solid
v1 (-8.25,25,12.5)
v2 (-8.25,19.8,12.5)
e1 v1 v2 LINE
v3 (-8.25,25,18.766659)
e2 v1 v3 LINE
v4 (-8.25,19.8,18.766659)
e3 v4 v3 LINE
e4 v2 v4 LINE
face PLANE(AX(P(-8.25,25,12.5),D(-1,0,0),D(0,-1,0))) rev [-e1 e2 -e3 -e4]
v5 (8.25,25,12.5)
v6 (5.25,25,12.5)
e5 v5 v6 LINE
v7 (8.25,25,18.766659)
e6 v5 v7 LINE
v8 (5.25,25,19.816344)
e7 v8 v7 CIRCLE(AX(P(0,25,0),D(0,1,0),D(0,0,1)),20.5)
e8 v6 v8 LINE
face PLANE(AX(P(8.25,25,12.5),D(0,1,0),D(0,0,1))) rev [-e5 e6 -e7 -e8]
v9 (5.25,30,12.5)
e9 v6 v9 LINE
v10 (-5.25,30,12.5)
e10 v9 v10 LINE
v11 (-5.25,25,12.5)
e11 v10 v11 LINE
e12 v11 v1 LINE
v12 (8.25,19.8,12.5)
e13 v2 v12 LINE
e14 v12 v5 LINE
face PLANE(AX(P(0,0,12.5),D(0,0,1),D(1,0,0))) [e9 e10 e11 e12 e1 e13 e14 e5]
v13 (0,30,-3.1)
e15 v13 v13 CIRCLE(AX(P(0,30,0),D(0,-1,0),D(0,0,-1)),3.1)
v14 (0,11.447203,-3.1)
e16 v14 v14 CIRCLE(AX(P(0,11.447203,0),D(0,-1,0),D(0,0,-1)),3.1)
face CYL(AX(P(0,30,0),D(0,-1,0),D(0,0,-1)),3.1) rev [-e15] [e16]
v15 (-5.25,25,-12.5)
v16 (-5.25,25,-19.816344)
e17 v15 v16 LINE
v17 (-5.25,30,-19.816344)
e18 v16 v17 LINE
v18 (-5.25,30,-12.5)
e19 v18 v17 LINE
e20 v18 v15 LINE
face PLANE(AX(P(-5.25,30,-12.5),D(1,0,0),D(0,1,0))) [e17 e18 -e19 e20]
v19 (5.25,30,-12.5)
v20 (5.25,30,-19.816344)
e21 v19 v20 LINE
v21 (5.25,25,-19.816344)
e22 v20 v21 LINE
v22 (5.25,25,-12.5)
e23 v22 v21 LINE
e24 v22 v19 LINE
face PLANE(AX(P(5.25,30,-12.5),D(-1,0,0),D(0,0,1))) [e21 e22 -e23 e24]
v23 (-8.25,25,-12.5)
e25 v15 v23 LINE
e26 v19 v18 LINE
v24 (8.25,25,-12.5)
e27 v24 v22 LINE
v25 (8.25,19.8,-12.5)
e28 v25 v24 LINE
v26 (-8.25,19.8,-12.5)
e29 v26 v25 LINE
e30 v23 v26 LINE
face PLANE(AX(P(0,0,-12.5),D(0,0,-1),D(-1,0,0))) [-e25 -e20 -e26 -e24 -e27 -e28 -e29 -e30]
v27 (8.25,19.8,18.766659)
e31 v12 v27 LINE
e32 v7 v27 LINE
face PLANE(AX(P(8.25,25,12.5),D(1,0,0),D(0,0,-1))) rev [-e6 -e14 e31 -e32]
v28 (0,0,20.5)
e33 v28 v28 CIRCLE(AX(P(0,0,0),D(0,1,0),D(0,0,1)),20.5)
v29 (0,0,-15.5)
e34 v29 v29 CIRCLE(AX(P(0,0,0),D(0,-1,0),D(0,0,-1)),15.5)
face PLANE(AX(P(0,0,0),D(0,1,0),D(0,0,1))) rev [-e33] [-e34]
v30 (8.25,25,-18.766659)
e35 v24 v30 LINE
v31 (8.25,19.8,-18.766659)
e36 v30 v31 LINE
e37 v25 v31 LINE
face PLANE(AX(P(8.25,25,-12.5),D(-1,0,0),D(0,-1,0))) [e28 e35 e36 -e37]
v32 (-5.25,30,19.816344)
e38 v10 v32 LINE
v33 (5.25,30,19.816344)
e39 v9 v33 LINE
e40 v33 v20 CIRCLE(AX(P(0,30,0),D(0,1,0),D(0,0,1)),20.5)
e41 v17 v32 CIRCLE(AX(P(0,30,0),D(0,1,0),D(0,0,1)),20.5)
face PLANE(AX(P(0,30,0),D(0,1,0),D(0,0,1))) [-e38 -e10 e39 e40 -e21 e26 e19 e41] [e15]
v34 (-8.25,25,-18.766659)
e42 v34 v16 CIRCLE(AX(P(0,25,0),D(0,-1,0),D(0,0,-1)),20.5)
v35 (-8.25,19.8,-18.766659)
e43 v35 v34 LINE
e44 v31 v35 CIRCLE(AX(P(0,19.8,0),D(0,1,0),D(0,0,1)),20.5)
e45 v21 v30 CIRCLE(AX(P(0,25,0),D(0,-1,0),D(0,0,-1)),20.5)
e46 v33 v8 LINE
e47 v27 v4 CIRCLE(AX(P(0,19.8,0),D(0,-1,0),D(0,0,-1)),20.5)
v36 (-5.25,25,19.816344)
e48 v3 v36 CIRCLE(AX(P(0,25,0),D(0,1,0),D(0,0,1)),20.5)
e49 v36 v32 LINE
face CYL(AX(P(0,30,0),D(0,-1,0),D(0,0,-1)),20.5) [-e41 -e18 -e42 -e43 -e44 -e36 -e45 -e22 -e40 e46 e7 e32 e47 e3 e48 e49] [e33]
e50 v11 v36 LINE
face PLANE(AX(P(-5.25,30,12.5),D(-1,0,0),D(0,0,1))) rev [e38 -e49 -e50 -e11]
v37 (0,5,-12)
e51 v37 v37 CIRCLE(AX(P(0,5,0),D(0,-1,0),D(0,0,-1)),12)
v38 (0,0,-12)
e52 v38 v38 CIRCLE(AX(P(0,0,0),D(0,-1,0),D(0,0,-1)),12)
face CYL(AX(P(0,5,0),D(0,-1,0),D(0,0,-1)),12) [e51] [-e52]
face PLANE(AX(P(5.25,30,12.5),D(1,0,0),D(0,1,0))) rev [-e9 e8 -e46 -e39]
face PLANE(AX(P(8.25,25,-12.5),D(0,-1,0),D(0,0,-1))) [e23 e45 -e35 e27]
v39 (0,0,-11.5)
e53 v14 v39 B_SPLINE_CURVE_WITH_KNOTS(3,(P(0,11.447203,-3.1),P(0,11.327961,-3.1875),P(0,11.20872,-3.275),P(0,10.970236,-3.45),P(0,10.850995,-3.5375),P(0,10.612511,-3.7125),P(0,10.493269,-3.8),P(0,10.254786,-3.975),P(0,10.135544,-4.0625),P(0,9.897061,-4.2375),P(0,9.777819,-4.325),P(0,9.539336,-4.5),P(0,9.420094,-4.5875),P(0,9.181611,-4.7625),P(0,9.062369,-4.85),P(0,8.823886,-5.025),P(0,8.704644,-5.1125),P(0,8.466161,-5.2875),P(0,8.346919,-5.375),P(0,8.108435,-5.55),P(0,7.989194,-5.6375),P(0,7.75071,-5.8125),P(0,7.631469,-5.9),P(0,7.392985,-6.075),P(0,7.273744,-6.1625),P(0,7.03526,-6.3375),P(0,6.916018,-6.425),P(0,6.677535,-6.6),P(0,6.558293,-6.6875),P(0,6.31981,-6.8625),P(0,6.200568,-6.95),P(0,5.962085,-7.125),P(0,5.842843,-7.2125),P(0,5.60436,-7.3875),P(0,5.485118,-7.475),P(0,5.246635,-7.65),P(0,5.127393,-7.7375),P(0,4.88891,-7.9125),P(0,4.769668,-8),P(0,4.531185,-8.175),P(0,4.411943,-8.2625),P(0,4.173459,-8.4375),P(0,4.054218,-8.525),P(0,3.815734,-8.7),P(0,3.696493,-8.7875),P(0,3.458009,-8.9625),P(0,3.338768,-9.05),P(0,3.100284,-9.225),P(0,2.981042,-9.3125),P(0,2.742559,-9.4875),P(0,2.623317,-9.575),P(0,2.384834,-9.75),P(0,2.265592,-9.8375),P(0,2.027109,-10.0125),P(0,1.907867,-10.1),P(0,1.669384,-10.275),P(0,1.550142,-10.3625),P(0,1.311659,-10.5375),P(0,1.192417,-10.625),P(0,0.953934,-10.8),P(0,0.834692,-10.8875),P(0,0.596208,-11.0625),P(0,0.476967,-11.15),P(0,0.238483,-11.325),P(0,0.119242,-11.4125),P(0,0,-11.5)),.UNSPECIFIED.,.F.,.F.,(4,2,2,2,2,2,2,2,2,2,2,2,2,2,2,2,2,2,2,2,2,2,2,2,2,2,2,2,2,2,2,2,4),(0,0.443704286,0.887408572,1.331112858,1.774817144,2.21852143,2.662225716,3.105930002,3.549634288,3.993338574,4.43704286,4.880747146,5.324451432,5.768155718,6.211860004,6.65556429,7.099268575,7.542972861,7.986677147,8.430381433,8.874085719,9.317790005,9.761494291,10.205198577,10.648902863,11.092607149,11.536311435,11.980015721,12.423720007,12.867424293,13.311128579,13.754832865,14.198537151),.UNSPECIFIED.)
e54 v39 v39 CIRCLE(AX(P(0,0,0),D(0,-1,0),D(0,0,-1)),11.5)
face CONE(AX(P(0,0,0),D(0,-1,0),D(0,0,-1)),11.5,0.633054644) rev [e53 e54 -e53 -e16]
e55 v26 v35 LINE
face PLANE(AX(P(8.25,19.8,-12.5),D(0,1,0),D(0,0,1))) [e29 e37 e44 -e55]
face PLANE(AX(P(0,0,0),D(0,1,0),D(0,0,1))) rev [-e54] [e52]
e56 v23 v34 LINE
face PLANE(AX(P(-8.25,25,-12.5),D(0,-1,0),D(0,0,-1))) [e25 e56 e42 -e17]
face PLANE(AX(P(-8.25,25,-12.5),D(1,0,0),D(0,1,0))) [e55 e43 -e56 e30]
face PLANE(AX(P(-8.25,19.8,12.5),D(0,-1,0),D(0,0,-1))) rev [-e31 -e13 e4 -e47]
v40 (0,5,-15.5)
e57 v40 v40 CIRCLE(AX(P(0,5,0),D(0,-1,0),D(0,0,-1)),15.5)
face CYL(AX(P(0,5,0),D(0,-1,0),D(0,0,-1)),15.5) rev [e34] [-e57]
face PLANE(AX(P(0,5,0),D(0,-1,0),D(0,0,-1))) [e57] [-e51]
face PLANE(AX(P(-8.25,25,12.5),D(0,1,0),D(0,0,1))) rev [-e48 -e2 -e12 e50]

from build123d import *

# Parameters (mm, degrees)
SKETCH2_R           = 20.5
BOSS_EXTRUDE2_DEPTH = 30
SKETCH4_R           = 15.5
SKETCH4_R_2         = 12
CUT_EXTRUDE2_DEPTH  = 5
SKETCH6_R           = 3.1
CUT_EXTRUDE3_DEPTH  = 35.419562394
CUT_EXTRUDE4_DEPTH  = 8
CUT_EXTRUDE6_DEPTH  = 8


with BuildPart() as part:
    # Sketch2 → Boss-Extrude2 (new body)
    with BuildSketch(Plane(origin=(0, 0, 0), x_dir=(1, 0, 0), z_dir=(0, 1, 0))):
        with Locations(Location((0, 0, 0), (0, 0, 270))):
            Circle(SKETCH2_R)
    extrude(amount=BOSS_EXTRUDE2_DEPTH)

    # Sketch4 → Cut-Extrude2 (cut)
    with BuildSketch(Plane.XZ):
        with Locations(Location((0, 0, 0), (0, 0, 270))):
            Circle(SKETCH4_R)
        with Locations(Location((0, 0, 0), (0, 0, 270))):
            Circle(SKETCH4_R_2, mode=Mode.SUBTRACT)
    extrude(amount=-CUT_EXTRUDE2_DEPTH, mode=Mode.SUBTRACT)

    # Sketch5 → Cut-Revolve1 (revolve, cut)
    with BuildSketch(Plane.XY, mode=Mode.PRIVATE) as cut_revolve1_sk:
        Polygon((0, 0), (0, 11.447203031), (3.1, 11.447203031), (11.5, 0), align=None)
    revolve(cut_revolve1_sk.sketch.rotate(Axis((0, 0, 0), (0, 1, 0)), 90), axis=Axis((0, 0, 0), (0, 1, 0)), mode=Mode.SUBTRACT)

    # Sketch6 → Cut-Extrude3 (cut, through all)
    with BuildSketch(Plane.XZ.offset(-11.447203031)):
        with Locations(Location((0, 0, 0), (0, 0, 270))):
            Circle(SKETCH6_R)
    extrude(amount=-CUT_EXTRUDE3_DEPTH, mode=Mode.SUBTRACT)

    # Sketch8 → Cut-Extrude4 (cut)
    with BuildSketch(Plane.XY.offset(20.5)):
        Polygon((-5.25, 30), (5.25, 30), (5.25, 25), (8.25, 25), (8.25, 19.8), (-8.25, 19.8), (-8.25, 25), (-5.25, 25), align=None)
    extrude(amount=-CUT_EXTRUDE4_DEPTH, mode=Mode.SUBTRACT)

    # Sketch9 → Cut-Extrude6 (cut)
    with BuildSketch(Plane.XY.offset(-20.5)):
        Polygon((5.25, 30), (-5.25, 30), (-5.25, 25), (-8.25, 25), (-8.25, 19.8), (8.25, 19.8), (8.25, 25), (5.25, 25), align=None)
    extrude(amount=CUT_EXTRUDE6_DEPTH, mode=Mode.SUBTRACT)


solid = part.part
